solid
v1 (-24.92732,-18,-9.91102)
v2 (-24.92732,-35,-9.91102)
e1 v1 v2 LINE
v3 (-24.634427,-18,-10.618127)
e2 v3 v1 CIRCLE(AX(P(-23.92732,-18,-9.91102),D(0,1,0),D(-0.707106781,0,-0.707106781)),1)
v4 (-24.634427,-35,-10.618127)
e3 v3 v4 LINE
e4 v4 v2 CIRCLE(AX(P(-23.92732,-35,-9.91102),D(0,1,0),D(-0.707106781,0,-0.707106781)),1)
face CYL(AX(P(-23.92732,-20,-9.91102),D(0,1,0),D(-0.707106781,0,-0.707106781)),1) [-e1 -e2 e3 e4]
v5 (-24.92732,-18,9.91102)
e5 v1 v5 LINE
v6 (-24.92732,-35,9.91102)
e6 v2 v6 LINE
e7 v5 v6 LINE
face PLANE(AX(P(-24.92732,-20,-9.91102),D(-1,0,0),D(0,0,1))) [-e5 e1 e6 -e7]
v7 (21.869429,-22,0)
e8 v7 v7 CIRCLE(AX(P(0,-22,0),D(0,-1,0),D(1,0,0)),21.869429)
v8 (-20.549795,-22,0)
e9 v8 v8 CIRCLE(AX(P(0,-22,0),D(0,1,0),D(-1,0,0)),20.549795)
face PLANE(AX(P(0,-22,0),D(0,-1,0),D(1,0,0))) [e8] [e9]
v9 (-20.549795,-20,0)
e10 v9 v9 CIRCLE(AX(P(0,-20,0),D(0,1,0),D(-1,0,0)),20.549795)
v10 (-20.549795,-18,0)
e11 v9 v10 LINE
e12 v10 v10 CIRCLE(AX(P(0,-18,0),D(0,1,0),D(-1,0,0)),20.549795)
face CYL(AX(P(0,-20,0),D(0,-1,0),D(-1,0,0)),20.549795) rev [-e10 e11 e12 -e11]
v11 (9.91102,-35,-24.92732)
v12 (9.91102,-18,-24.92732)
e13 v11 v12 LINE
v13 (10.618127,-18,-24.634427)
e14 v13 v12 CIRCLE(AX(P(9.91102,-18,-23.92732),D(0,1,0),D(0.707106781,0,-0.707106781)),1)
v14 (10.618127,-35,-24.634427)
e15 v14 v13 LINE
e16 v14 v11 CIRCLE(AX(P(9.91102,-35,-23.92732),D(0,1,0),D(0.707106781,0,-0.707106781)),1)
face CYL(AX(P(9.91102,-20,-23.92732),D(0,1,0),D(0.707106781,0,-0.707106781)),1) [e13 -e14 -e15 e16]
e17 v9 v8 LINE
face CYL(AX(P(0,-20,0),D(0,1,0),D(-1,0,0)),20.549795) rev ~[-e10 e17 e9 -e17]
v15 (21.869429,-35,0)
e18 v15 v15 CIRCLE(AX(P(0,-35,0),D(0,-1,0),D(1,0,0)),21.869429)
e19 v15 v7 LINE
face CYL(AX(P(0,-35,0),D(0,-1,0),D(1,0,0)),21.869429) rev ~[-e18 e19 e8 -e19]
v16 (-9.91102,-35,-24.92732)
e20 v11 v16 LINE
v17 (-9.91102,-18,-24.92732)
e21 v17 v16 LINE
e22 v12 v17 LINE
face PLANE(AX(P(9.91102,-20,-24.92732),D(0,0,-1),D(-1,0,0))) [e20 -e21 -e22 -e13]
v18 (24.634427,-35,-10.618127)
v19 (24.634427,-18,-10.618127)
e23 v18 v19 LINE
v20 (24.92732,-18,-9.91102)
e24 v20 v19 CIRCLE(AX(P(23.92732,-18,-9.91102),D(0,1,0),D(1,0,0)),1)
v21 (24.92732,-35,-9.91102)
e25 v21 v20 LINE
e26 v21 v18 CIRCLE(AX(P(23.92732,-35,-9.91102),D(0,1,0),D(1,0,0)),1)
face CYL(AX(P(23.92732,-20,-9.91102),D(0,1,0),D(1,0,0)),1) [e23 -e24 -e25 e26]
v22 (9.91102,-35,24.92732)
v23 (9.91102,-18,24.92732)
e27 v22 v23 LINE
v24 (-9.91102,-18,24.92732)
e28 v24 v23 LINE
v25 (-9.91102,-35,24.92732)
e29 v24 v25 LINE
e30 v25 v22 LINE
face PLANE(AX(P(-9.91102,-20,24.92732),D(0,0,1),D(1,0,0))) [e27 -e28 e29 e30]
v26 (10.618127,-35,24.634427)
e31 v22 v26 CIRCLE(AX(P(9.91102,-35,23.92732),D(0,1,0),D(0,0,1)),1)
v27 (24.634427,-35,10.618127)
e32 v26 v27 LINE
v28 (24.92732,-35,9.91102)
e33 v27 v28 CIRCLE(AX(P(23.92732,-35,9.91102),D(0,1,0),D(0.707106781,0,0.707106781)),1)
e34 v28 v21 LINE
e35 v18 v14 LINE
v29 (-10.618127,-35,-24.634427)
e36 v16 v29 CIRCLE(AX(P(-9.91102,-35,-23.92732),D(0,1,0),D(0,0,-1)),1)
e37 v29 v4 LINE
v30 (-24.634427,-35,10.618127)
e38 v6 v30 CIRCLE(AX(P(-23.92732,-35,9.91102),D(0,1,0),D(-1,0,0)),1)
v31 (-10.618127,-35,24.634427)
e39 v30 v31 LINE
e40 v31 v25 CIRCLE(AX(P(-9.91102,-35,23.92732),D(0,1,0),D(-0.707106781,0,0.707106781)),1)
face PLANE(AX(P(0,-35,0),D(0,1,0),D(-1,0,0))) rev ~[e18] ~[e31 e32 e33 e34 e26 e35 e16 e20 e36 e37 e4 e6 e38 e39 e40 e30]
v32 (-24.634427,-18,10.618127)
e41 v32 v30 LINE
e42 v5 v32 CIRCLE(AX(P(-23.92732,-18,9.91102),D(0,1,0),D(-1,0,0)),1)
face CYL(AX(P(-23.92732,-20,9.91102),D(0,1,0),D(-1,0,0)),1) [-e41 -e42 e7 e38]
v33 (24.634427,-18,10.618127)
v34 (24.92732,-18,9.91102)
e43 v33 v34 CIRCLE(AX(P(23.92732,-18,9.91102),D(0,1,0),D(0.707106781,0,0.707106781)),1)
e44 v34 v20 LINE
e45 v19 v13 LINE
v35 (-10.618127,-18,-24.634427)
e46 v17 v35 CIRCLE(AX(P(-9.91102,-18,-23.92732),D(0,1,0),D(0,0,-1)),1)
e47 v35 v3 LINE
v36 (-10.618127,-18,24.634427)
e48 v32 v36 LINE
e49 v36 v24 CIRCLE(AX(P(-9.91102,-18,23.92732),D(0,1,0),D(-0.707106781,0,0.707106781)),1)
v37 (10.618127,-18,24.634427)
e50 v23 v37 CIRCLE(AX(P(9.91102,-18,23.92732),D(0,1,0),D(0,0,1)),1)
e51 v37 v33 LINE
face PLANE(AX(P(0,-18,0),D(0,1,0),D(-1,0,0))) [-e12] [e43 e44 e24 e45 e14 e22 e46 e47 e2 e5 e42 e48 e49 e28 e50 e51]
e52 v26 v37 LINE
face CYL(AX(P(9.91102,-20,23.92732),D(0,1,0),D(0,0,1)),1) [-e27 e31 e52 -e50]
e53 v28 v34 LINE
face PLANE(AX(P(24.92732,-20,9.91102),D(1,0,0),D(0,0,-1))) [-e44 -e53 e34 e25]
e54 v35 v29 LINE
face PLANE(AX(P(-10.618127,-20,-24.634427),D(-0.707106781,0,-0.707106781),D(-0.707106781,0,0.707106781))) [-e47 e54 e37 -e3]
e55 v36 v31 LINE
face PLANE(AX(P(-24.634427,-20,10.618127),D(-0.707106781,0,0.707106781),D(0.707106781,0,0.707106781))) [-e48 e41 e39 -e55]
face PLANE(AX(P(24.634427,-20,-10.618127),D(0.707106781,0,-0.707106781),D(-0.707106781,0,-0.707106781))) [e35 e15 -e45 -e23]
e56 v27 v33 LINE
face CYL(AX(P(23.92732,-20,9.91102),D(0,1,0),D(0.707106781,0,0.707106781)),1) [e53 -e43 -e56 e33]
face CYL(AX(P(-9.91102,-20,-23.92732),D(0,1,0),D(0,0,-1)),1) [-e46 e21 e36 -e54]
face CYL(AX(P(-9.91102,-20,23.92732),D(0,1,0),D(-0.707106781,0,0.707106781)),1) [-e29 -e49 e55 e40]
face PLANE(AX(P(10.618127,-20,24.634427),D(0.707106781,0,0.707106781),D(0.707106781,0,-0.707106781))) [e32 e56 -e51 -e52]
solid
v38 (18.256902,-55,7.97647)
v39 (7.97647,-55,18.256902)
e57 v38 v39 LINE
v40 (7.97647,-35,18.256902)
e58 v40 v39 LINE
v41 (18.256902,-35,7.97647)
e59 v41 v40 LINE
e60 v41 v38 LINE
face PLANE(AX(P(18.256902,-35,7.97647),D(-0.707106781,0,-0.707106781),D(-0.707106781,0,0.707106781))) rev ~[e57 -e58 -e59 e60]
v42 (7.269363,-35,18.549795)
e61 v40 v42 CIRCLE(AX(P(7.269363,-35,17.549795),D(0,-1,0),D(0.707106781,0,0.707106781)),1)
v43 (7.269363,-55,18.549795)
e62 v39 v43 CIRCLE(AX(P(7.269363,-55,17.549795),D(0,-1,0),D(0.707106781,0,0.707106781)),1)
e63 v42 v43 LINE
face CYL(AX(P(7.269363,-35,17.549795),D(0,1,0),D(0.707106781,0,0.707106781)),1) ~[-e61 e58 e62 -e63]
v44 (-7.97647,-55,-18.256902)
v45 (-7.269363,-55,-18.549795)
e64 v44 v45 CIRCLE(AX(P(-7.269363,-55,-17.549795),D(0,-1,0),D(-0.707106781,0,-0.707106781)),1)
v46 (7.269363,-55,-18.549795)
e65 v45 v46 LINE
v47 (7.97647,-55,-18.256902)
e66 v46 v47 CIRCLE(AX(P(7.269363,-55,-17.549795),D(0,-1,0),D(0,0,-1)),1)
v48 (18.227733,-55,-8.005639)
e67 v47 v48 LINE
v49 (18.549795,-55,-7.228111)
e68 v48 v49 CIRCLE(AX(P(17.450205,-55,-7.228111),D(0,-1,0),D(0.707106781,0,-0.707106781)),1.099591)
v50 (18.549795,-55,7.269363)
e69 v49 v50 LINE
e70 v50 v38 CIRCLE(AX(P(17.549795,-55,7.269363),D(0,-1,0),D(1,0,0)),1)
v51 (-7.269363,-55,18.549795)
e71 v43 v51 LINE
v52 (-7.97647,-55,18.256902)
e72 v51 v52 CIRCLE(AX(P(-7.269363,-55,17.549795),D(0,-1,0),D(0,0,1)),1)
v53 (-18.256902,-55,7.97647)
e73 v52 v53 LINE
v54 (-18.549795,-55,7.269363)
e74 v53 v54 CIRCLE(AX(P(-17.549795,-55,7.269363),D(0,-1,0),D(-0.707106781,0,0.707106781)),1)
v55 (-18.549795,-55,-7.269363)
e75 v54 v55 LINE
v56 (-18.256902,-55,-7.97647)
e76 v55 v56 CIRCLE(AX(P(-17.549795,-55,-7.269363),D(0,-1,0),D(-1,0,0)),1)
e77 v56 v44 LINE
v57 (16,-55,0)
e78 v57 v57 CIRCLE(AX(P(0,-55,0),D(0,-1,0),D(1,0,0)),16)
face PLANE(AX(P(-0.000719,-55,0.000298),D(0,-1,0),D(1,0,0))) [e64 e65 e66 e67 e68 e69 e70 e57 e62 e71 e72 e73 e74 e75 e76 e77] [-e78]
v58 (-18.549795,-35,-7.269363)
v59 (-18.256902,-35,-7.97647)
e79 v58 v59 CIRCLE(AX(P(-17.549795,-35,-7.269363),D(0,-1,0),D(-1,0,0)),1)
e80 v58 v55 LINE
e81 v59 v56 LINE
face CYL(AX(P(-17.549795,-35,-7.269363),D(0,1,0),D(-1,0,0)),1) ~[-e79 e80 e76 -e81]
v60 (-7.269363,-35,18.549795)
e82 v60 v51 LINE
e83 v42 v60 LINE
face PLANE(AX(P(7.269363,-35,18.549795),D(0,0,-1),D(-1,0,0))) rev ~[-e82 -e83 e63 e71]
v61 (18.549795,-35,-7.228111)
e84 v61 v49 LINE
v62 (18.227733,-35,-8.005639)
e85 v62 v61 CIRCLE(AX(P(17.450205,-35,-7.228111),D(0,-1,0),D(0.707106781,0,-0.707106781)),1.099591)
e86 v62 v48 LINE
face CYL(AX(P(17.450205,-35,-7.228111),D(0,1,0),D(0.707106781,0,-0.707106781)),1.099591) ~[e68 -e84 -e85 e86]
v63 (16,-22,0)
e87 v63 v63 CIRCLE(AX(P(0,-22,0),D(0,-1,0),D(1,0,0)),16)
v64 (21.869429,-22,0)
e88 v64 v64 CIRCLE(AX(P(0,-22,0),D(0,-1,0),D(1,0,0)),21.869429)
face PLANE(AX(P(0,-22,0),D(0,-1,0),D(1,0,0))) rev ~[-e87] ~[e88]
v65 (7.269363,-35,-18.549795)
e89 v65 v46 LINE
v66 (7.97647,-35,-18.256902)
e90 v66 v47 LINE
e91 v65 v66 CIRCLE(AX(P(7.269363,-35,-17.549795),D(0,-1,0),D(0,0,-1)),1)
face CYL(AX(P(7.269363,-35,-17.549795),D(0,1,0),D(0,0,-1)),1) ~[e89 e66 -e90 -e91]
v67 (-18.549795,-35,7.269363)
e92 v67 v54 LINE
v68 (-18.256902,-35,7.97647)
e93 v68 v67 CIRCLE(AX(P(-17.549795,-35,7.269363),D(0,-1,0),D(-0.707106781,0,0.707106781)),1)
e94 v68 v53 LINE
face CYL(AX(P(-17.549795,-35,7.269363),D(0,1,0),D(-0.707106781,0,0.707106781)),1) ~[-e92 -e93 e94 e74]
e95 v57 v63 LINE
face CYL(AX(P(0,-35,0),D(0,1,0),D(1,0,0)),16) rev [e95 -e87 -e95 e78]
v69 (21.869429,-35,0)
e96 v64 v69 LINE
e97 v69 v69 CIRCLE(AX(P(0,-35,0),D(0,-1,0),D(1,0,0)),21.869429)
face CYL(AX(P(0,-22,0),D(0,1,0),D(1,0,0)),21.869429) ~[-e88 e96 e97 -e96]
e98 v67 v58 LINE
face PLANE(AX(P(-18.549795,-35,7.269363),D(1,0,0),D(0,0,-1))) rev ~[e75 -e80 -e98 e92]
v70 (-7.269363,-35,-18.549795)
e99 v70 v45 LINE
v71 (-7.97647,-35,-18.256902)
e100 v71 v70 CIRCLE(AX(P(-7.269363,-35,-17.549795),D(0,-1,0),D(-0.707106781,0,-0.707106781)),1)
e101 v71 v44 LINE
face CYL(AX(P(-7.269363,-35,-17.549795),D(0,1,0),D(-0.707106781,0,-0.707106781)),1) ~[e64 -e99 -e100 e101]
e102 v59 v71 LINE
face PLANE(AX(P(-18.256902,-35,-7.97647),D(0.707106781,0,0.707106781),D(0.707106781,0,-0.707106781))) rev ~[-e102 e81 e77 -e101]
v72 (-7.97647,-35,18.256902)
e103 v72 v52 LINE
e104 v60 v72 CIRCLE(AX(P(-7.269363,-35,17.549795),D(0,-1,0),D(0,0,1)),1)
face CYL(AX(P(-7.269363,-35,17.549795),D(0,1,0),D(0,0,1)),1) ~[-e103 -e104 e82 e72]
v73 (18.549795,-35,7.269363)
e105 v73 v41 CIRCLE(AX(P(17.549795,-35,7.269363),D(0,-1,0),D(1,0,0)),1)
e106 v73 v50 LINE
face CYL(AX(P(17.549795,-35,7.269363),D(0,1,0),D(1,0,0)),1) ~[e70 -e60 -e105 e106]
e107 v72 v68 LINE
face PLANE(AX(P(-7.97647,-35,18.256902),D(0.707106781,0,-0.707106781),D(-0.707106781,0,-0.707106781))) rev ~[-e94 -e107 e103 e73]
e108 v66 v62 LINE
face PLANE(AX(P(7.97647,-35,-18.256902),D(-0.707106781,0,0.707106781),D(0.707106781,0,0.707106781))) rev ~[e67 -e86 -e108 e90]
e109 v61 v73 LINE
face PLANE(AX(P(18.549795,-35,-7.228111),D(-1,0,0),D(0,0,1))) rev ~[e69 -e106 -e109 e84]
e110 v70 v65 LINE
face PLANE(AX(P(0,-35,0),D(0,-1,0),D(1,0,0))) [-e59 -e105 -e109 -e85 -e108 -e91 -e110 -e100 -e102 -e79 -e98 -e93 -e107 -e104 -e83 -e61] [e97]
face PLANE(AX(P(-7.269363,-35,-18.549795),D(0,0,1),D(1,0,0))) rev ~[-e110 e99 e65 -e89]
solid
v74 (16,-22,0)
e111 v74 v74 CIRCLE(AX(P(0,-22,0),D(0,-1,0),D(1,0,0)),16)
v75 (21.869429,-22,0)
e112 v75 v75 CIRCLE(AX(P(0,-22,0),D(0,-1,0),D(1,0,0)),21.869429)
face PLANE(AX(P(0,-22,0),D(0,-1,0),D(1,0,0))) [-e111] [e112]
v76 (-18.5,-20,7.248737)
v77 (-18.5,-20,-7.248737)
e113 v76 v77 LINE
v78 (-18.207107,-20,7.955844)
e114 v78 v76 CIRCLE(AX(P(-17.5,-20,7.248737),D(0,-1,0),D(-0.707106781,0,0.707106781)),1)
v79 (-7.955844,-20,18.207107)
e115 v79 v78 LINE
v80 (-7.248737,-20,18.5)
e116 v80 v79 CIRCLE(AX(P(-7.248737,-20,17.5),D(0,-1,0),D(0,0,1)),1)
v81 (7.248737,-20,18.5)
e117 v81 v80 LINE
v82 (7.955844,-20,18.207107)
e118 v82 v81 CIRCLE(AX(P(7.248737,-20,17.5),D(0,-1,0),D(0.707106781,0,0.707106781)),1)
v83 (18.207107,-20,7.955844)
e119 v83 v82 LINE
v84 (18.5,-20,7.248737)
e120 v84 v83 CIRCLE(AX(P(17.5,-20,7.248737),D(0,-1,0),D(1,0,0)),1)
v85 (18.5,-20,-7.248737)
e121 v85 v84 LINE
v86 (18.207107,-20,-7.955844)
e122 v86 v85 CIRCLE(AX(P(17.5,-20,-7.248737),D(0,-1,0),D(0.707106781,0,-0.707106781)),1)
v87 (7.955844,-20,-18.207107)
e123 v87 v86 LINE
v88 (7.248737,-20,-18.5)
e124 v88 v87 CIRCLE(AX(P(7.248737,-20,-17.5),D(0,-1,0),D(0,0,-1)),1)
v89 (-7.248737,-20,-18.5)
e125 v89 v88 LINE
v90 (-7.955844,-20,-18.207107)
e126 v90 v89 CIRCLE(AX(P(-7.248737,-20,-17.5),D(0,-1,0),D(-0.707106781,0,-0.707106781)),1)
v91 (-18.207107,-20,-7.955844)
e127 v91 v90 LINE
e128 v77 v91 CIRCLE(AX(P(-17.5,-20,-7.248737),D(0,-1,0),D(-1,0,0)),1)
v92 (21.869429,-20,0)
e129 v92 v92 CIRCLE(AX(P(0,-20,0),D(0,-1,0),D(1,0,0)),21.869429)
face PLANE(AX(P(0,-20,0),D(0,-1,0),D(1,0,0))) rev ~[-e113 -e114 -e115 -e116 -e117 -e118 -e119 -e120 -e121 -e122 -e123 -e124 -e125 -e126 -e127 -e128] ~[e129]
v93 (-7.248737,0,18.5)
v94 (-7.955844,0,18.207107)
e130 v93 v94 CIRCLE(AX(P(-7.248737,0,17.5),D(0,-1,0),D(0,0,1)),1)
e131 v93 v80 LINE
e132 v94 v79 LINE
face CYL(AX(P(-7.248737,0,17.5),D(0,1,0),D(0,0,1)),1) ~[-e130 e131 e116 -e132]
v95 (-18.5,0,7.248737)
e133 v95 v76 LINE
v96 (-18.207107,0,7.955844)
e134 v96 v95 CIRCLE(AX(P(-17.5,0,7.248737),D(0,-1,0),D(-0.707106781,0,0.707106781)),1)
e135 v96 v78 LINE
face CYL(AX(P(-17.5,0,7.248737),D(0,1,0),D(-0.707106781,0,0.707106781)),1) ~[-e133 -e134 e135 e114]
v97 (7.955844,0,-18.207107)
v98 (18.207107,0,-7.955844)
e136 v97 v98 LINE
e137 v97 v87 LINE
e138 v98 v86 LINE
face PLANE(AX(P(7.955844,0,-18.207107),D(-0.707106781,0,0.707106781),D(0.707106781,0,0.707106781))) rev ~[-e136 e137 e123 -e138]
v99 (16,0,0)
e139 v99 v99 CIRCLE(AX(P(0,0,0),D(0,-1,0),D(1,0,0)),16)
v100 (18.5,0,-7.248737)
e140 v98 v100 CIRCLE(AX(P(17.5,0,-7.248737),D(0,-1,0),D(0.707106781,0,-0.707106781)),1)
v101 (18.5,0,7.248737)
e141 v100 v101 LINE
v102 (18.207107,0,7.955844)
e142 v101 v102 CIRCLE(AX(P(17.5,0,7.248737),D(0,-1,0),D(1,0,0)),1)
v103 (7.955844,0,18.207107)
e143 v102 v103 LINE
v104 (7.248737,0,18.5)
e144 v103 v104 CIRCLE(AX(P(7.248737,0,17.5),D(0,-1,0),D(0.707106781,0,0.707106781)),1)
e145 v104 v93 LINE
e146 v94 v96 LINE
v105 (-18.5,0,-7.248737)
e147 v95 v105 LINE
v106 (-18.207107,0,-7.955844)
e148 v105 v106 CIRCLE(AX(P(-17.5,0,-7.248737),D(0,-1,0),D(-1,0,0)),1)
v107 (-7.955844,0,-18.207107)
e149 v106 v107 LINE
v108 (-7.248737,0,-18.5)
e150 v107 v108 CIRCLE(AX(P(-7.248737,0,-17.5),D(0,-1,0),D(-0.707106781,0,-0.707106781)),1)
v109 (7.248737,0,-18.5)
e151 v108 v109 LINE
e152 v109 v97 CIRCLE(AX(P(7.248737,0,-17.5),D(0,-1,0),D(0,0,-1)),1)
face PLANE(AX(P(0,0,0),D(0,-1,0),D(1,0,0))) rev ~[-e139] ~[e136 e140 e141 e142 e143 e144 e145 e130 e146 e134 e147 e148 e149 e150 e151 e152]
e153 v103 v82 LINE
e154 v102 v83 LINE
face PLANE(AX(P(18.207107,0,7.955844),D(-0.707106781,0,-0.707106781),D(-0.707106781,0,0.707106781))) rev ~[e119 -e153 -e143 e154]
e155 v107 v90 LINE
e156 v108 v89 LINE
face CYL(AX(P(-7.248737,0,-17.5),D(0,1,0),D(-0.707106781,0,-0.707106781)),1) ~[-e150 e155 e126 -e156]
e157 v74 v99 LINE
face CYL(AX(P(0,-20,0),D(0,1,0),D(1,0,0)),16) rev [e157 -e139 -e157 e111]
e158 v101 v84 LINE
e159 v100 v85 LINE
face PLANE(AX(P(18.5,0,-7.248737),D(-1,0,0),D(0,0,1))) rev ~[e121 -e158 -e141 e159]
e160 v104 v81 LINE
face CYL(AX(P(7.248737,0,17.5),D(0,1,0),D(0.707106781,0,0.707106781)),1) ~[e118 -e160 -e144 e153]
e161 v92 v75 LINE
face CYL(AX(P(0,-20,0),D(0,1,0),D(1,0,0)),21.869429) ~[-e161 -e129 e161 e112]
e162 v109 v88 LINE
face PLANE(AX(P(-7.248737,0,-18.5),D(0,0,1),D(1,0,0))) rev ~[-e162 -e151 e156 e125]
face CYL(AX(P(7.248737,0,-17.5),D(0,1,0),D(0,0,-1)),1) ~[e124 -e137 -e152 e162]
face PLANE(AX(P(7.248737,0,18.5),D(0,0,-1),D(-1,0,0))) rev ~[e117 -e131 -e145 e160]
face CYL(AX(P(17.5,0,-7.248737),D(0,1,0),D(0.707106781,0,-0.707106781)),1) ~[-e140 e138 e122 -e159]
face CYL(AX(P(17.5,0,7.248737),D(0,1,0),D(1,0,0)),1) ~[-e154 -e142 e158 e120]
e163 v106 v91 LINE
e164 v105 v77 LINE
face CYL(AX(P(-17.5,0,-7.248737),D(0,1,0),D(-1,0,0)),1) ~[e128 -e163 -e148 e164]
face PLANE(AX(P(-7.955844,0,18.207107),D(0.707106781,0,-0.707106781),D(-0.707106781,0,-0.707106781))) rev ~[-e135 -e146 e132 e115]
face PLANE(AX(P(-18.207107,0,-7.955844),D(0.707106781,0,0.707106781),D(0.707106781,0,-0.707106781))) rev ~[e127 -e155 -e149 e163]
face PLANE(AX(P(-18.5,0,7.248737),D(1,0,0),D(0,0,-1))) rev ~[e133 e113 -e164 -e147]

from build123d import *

# Parameters (mm, degrees)
F0_R      = 16
F1_DEPTH  = 20
F2_R      = 21.8694286039
F2_R_2    = 16
F3_DEPTH  = 2
F4_R      = 21.8694286039
F4_R_2    = 20.5497953689
F5_DEPTH  = 2
F6_DEPTH  = 15
F7_R      = 21.8694286039
F8_DEPTH  = 13
F9_R      = 21.8694286039
F9_R_2    = 16
F10_DEPTH = 13
F11_R     = 16
F12_DEPTH = 20


with BuildPart() as f1:
    # F0 (on Front) → F1 (new body)
    with BuildSketch(Plane.XZ):
        with BuildLine():
            Line((7.2487373415, 18.5), (-7.2487373415, 18.5))
            ThreePointArc((-7.2487373415, 18.5), (-7.6314207739, 18.4238795325), (-7.9558441227, 18.2071067812))
            Line((-7.9558441227, 18.2071067812), (-18.2071067812, 7.9558441227))
            ThreePointArc((-18.2071067812, 7.9558441227), (-18.4238795325, 7.6314207739), (-18.5, 7.2487373415))
            Line((-18.5, 7.2487373415), (-18.5, -7.2487373415))
            ThreePointArc((-18.5, -7.2487373415), (-18.4238795325, -7.6314207739), (-18.2071067812, -7.9558441227))
            Line((-18.2071067812, -7.9558441227), (-7.9558441227, -18.2071067812))
            ThreePointArc((-7.9558441227, -18.2071067812), (-7.6314207739, -18.4238795325), (-7.2487373415, -18.5))
            Line((-7.2487373415, -18.5), (7.2487373415, -18.5))
            ThreePointArc((7.2487373415, -18.5), (7.6314207739, -18.4238795325), (7.9558441227, -18.2071067812))
            Line((7.9558441227, -18.2071067812), (18.2071067812, -7.9558441227))
            ThreePointArc((18.2071067812, -7.9558441227), (18.4238795325, -7.6314207739), (18.5, -7.2487373415))
            Line((18.5, -7.2487373415), (18.5, 7.2487373415))
            ThreePointArc((18.5, 7.2487373415), (18.4238795325, 7.6314207739), (18.2071067812, 7.9558441227))
            Line((18.2071067812, 7.9558441227), (7.9558441227, 18.2071067812))
            ThreePointArc((7.9558441227, 18.2071067812), (7.6314207739, 18.4238795325), (7.2487373415, 18.5))
        make_face()
        Circle(F0_R, mode=Mode.SUBTRACT)
    extrude(amount=F1_DEPTH)

    # F2 (on face) → F3 (join)
    with BuildSketch(Plane.XZ.offset(20)):
        Circle(F2_R)
        Circle(F2_R_2, mode=Mode.SUBTRACT)
    extrude(amount=F3_DEPTH)


with BuildPart() as f5:
    # F4 (on face) → F5 (new body)
    with BuildSketch(Plane(origin=(0, -20, 0), x_dir=(-1, 0, 0), z_dir=(0, 1, 0))):
        with BuildLine():
            Line((9.9110204382, 24.9273199588), (-9.9110204382, 24.9273199588))
            ThreePointArc((-9.9110204382, 24.9273199588), (-10.2937038705, 24.8511994913), (-10.6181272194, 24.63442674))
            Line((-10.6181272194, 24.63442674), (-24.63442674, 10.6181272194))
            ThreePointArc((-24.63442674, 10.6181272194), (-24.8511994913, 10.2937038705), (-24.9273199588, 9.9110204382))
            Line((-24.9273199588, 9.9110204382), (-24.9273199588, -9.9110204382))
            ThreePointArc((-24.9273199588, -9.9110204382), (-24.8511994913, -10.2937038705), (-24.63442674, -10.6181272194))
            Line((-24.63442674, -10.6181272194), (-10.6181272194, -24.63442674))
            ThreePointArc((-10.6181272194, -24.63442674), (-10.2937038705, -24.8511994913), (-9.9110204382, -24.9273199588))
            Line((-9.9110204382, -24.9273199588), (9.9110204382, -24.9273199588))
            ThreePointArc((9.9110204382, -24.9273199588), (10.2937038705, -24.8511994913), (10.6181272194, -24.63442674))
            Line((10.6181272194, -24.63442674), (24.63442674, -10.6181272194))
            ThreePointArc((24.63442674, -10.6181272194), (24.8511994913, -10.2937038705), (24.9273199588, -9.9110204382))
            Line((24.9273199588, -9.9110204382), (24.9273199588, 9.9110204382))
            ThreePointArc((24.9273199588, 9.9110204382), (24.8511994913, 10.2937038705), (24.63442674, 10.6181272194))
            Line((24.63442674, 10.6181272194), (10.6181272194, 24.63442674))
            ThreePointArc((10.6181272194, 24.63442674), (10.2937038705, 24.8511994913), (9.9110204382, 24.9273199588))
        make_face()
        Circle(F4_R, mode=Mode.SUBTRACT)
        Circle(F4_R)
        Circle(F4_R_2, mode=Mode.SUBTRACT)
    extrude(amount=F5_DEPTH)

    # F6 (add): a face of the model
    f6_faces = [f5.faces().sort_by_distance(p)[0] for p in [
        (0, -20, 24.2222688796),
    ]]
    extrude(f6_faces, amount=F6_DEPTH)

    # F7 (on face) → F8 (cut)
    with BuildSketch(Plane.XZ.offset(35)):
        Circle(F7_R)
    extrude(amount=-F8_DEPTH, mode=Mode.SUBTRACT)


with BuildPart() as f10:
    # F9 (on face) → F10 (new body)
    with BuildSketch(Plane.XZ.offset(22)):
        Circle(F9_R)
        Circle(F9_R_2, mode=Mode.SUBTRACT)
    extrude(amount=F10_DEPTH)

    # F11 (on face) → F12 (join)
    with BuildSketch(Plane.XZ.offset(35)):
        with BuildLine():
            Line((7.2693632587, 18.5497953689), (-7.2693632587, 18.5497953689))
            ThreePointArc((-7.2693632587, 18.5497953689), (-7.652046691, 18.4736749014), (-7.9764700399, 18.2569021501))
            Line((-7.9764700399, 18.2569021501), (-18.2569021501, 7.9764700399))
            ThreePointArc((-18.2569021501, 7.9764700399), (-18.4736749014, 7.652046691), (-18.5497953689, 7.2693632587))
            Line((-18.5497953689, 7.2693632587), (-18.5497953689, -7.2693632587))
            ThreePointArc((-18.5497953689, -7.2693632587), (-18.4736749014, -7.652046691), (-18.2569021501, -7.9764700399))
            Line((-18.2569021501, -7.9764700399), (-7.9764700399, -18.2569021501))
            ThreePointArc((-7.9764700399, -18.2569021501), (-7.652046691, -18.4736749014), (-7.2693632587, -18.5497953689))
            Line((-7.2693632587, -18.5497953689), (7.2693632587, -18.5497953689))
            ThreePointArc((7.2693632587, -18.5497953689), (7.652046691, -18.4736749014), (7.9764700399, -18.2569021501))
            Line((7.9764700399, -18.2569021501), (18.2277326983, -8.0056394916))
            ThreePointArc((18.2277326983, -8.0056394916), (18.4660940079, -7.6489065821), (18.5497953689, -7.2281114244))
            Line((18.5497953689, -7.2281114244), (18.5497953689, 7.2693632587))
            ThreePointArc((18.5497953689, 7.2693632587), (18.4736749014, 7.652046691), (18.2569021501, 7.9764700399))
            Line((18.2569021501, 7.9764700399), (7.9764700399, 18.2569021501))
            ThreePointArc((7.9764700399, 18.2569021501), (7.652046691, 18.4736749014), (7.2693632587, 18.5497953689))
        make_face()
        Circle(F11_R, mode=Mode.SUBTRACT)
    extrude(amount=F12_DEPTH)


solid = Compound([f1.part, f5.part, f10.part])
